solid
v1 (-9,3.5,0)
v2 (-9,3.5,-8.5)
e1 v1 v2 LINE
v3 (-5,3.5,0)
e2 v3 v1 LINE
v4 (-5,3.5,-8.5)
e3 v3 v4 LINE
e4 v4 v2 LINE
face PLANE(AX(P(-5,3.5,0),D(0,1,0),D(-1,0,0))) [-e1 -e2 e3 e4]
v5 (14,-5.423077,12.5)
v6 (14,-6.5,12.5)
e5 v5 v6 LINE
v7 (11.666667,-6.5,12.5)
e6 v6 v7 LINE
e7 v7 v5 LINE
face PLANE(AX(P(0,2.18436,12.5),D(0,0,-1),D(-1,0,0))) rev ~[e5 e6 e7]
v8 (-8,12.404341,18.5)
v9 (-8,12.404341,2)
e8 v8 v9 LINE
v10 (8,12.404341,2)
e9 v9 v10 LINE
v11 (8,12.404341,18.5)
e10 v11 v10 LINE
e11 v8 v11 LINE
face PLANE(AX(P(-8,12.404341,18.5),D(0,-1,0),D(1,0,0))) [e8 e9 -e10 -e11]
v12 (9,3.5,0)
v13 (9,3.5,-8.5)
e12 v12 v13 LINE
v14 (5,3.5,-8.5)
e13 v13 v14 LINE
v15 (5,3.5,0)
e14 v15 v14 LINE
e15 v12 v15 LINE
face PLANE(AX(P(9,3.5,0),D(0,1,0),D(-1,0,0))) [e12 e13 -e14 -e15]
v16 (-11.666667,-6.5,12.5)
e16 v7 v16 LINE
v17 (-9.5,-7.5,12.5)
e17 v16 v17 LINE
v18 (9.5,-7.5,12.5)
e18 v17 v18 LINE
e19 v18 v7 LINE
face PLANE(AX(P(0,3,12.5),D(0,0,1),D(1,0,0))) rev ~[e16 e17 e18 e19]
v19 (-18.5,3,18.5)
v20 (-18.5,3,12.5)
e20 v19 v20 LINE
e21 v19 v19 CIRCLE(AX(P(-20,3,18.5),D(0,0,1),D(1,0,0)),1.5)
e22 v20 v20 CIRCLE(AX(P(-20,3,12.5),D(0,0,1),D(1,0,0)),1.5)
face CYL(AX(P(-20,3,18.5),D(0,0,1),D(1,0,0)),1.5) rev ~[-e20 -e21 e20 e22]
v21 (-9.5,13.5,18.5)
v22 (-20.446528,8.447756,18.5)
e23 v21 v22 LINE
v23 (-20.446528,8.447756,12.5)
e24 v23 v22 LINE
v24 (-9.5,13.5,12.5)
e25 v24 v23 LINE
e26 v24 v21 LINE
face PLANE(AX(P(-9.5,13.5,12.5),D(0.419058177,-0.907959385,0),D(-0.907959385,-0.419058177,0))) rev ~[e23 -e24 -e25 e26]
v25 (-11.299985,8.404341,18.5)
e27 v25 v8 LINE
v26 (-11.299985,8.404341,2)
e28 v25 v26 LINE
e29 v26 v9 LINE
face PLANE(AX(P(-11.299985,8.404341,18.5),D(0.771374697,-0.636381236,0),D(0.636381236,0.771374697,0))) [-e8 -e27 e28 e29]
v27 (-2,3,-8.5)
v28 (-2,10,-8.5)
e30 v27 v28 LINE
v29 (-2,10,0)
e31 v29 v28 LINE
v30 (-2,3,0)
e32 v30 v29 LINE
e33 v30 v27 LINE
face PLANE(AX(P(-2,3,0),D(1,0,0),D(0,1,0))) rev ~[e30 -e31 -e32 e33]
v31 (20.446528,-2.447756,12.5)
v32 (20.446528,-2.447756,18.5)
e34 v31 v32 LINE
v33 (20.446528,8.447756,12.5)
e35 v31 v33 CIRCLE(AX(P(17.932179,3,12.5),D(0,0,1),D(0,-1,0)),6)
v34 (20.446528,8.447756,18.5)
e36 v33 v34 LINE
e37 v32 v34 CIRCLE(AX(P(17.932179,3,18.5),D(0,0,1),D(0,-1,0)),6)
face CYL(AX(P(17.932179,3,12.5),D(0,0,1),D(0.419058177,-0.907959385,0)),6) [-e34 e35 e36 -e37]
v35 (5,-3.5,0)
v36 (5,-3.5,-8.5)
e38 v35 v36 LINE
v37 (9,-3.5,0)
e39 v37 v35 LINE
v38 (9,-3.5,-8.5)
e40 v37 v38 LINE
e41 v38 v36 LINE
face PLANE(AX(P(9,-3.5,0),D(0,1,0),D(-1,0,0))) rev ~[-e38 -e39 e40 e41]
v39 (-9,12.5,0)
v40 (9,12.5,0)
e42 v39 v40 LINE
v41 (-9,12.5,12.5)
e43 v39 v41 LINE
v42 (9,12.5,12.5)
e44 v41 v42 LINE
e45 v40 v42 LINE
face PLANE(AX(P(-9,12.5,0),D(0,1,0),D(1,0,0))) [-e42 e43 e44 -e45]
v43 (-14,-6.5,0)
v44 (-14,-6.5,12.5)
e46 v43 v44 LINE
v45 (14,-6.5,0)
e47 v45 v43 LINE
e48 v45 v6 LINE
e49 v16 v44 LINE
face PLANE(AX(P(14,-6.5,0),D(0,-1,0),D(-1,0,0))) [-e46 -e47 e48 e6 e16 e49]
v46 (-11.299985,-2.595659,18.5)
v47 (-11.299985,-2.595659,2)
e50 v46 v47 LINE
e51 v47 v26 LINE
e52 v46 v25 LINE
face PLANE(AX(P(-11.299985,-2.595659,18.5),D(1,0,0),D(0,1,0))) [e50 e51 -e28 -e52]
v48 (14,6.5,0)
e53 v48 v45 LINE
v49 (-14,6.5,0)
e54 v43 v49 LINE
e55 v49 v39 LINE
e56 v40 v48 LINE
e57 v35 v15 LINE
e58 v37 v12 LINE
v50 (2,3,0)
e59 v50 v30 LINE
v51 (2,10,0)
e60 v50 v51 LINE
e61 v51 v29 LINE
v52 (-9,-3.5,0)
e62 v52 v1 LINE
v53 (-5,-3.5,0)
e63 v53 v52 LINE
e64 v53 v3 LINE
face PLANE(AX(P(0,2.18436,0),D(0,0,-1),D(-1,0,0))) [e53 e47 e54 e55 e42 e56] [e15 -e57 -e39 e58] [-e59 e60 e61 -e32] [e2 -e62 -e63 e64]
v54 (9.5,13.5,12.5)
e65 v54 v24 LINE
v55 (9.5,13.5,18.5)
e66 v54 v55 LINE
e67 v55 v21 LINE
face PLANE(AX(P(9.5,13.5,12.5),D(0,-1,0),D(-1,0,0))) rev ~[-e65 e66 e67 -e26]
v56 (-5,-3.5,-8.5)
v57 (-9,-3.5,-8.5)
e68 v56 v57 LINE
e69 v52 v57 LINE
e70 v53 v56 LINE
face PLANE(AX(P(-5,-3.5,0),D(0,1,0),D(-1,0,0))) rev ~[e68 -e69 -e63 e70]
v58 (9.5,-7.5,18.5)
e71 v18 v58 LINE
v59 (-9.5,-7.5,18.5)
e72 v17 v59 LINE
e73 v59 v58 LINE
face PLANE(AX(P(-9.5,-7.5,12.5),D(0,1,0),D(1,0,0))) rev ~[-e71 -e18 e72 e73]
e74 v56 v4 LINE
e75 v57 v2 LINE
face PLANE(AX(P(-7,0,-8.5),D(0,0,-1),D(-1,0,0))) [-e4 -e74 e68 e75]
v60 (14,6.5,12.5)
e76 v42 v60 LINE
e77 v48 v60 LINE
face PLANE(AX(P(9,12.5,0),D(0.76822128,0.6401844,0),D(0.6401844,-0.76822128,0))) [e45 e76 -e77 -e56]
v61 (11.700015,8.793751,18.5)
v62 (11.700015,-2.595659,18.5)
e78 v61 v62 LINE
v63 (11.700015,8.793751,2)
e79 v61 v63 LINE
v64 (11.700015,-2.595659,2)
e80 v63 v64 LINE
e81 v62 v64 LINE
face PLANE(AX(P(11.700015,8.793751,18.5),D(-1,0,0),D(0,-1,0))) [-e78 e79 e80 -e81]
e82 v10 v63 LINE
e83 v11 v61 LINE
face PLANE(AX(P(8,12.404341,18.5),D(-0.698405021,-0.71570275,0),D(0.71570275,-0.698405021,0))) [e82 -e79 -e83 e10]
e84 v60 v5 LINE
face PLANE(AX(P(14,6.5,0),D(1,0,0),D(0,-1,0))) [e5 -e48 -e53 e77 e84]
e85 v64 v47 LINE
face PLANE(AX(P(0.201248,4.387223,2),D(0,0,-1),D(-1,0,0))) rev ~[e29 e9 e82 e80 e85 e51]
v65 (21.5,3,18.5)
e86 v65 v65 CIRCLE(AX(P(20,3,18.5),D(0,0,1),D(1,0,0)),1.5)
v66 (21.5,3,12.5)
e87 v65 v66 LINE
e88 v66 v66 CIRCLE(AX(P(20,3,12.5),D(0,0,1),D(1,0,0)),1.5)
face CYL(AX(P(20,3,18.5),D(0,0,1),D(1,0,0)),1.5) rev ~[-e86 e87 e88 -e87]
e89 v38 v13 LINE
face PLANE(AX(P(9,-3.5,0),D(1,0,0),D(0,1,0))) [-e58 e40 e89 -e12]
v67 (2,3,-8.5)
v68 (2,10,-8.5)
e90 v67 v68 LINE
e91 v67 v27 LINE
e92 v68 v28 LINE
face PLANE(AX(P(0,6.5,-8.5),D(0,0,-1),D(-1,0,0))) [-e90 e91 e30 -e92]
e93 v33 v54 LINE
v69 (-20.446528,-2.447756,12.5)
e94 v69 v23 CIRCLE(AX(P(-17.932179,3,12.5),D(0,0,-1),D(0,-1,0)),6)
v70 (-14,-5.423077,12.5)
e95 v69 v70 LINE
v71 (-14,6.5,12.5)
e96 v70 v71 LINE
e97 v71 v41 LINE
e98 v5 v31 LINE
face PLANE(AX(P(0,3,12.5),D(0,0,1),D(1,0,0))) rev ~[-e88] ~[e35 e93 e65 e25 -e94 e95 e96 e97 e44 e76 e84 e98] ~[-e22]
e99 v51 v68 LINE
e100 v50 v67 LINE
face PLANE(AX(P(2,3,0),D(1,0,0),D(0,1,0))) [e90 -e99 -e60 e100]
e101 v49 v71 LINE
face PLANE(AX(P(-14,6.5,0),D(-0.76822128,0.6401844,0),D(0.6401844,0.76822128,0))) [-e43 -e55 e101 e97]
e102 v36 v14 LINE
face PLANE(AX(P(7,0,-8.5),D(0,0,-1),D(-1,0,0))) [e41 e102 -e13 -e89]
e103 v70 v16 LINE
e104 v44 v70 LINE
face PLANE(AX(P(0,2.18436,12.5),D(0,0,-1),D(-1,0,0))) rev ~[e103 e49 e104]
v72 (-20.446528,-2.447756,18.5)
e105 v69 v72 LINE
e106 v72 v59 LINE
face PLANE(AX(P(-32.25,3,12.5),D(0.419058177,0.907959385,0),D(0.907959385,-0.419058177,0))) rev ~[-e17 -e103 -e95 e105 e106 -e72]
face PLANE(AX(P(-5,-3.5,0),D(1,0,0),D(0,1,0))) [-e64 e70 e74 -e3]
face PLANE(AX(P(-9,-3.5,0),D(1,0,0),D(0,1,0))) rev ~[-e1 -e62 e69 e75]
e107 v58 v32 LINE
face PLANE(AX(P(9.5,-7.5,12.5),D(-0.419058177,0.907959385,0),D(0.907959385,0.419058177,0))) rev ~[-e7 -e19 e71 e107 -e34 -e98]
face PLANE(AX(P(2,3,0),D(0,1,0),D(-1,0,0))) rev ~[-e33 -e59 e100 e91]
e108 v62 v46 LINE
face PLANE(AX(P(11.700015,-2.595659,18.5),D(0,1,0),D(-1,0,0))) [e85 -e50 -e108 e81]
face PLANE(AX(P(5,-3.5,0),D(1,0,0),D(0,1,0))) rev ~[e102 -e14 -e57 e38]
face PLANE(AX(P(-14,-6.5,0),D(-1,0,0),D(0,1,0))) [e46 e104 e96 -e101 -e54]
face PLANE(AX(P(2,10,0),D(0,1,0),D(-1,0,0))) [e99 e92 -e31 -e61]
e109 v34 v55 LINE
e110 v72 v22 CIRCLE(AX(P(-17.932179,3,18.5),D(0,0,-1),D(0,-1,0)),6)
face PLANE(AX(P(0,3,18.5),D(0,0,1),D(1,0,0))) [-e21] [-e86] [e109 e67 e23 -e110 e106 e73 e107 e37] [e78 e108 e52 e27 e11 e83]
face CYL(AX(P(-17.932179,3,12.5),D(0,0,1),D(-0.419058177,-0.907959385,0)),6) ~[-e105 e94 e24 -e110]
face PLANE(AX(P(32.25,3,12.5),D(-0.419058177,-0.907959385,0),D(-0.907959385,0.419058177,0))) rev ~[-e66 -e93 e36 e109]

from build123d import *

# Parameters (mm, degrees)
RESSALTO_EXTRUS_O1_DEPTH = 12.5
ESBO_O2_W                = 4
ESBO_O2_H                = 7
RESSALTO_EXTRUS_O2_DEPTH = 8.5
RESSALTO_EXTRUS_O3_DEPTH = 6
ESBO_O4_R                = 1.5
CORTE_EXTRUS_O1_DEPTH    = 6
FILETE1_R                = 6
CORTE_EXTRUS_O2_DEPTH    = 16.5


with BuildPart() as part:
    # Esboço1 → Ressalto-extrusão1 (new body)
    with BuildSketch(Plane.XY):
        Polygon((-9, 12.5), (9, 12.5), (14, 6.5), (14, -6.5), (-14, -6.5), (-14, 6.5), align=None)
    extrude(amount=RESSALTO_EXTRUS_O1_DEPTH)

    # Esboço2 → Ressalto-extrusão2 (add)
    with BuildSketch(Plane(origin=(0, 0, 0), x_dir=(-1, 0, 0), z_dir=(0, 0, -1))):
        with Locations((-7, 0)):
            Rectangle(ESBO_O2_W, ESBO_O2_H)
        with Locations((0, 6.5)):
            Rectangle(ESBO_O2_W, ESBO_O2_H)
        with Locations((7, 0)):
            Rectangle(ESBO_O2_W, ESBO_O2_H)
    extrude(amount=RESSALTO_EXTRUS_O2_DEPTH)

    # Esboço3 → Ressalto-extrusão3 (add)
    with BuildSketch(Plane.XY.offset(12.5)):
        Polygon((-9.5, -7.5), (9.5, -7.5), (32.25, 3), (9.5, 13.5), (-9.5, 13.5), (-32.25, 3), align=None)
    extrude(amount=RESSALTO_EXTRUS_O3_DEPTH)

    # Esboço4 → Corte-extrusão1 (cut)
    with BuildSketch(Plane.XY.offset(18.5)):
        with Locations((-20, 3)):
            Circle(ESBO_O4_R)
        with Locations((20, 3)):
            Circle(ESBO_O4_R)
    extrude(amount=-CORTE_EXTRUS_O1_DEPTH, mode=Mode.SUBTRACT)

    # Filete1
    filete1_edges = [part.edges().sort_by_distance(p)[0] for p in [
        (-32.25, 3, 15.5),
        (32.25, 3, 15.5),
    ]]
    fillet(filete1_edges, radius=FILETE1_R)

    # Esboço5 → Corte-extrusão2 (cut)
    with BuildSketch(Plane.XY.offset(18.5)):
        Polygon((-8, 12.404340661), (8, 12.404340661), (11.700014981, 8.793750875), (11.700014981, -2.595659339), (-11.299985019, -2.595659339), (-11.299985019, 8.404340661), align=None)
    extrude(amount=-CORTE_EXTRUS_O2_DEPTH, mode=Mode.SUBTRACT)


solid = part.part
